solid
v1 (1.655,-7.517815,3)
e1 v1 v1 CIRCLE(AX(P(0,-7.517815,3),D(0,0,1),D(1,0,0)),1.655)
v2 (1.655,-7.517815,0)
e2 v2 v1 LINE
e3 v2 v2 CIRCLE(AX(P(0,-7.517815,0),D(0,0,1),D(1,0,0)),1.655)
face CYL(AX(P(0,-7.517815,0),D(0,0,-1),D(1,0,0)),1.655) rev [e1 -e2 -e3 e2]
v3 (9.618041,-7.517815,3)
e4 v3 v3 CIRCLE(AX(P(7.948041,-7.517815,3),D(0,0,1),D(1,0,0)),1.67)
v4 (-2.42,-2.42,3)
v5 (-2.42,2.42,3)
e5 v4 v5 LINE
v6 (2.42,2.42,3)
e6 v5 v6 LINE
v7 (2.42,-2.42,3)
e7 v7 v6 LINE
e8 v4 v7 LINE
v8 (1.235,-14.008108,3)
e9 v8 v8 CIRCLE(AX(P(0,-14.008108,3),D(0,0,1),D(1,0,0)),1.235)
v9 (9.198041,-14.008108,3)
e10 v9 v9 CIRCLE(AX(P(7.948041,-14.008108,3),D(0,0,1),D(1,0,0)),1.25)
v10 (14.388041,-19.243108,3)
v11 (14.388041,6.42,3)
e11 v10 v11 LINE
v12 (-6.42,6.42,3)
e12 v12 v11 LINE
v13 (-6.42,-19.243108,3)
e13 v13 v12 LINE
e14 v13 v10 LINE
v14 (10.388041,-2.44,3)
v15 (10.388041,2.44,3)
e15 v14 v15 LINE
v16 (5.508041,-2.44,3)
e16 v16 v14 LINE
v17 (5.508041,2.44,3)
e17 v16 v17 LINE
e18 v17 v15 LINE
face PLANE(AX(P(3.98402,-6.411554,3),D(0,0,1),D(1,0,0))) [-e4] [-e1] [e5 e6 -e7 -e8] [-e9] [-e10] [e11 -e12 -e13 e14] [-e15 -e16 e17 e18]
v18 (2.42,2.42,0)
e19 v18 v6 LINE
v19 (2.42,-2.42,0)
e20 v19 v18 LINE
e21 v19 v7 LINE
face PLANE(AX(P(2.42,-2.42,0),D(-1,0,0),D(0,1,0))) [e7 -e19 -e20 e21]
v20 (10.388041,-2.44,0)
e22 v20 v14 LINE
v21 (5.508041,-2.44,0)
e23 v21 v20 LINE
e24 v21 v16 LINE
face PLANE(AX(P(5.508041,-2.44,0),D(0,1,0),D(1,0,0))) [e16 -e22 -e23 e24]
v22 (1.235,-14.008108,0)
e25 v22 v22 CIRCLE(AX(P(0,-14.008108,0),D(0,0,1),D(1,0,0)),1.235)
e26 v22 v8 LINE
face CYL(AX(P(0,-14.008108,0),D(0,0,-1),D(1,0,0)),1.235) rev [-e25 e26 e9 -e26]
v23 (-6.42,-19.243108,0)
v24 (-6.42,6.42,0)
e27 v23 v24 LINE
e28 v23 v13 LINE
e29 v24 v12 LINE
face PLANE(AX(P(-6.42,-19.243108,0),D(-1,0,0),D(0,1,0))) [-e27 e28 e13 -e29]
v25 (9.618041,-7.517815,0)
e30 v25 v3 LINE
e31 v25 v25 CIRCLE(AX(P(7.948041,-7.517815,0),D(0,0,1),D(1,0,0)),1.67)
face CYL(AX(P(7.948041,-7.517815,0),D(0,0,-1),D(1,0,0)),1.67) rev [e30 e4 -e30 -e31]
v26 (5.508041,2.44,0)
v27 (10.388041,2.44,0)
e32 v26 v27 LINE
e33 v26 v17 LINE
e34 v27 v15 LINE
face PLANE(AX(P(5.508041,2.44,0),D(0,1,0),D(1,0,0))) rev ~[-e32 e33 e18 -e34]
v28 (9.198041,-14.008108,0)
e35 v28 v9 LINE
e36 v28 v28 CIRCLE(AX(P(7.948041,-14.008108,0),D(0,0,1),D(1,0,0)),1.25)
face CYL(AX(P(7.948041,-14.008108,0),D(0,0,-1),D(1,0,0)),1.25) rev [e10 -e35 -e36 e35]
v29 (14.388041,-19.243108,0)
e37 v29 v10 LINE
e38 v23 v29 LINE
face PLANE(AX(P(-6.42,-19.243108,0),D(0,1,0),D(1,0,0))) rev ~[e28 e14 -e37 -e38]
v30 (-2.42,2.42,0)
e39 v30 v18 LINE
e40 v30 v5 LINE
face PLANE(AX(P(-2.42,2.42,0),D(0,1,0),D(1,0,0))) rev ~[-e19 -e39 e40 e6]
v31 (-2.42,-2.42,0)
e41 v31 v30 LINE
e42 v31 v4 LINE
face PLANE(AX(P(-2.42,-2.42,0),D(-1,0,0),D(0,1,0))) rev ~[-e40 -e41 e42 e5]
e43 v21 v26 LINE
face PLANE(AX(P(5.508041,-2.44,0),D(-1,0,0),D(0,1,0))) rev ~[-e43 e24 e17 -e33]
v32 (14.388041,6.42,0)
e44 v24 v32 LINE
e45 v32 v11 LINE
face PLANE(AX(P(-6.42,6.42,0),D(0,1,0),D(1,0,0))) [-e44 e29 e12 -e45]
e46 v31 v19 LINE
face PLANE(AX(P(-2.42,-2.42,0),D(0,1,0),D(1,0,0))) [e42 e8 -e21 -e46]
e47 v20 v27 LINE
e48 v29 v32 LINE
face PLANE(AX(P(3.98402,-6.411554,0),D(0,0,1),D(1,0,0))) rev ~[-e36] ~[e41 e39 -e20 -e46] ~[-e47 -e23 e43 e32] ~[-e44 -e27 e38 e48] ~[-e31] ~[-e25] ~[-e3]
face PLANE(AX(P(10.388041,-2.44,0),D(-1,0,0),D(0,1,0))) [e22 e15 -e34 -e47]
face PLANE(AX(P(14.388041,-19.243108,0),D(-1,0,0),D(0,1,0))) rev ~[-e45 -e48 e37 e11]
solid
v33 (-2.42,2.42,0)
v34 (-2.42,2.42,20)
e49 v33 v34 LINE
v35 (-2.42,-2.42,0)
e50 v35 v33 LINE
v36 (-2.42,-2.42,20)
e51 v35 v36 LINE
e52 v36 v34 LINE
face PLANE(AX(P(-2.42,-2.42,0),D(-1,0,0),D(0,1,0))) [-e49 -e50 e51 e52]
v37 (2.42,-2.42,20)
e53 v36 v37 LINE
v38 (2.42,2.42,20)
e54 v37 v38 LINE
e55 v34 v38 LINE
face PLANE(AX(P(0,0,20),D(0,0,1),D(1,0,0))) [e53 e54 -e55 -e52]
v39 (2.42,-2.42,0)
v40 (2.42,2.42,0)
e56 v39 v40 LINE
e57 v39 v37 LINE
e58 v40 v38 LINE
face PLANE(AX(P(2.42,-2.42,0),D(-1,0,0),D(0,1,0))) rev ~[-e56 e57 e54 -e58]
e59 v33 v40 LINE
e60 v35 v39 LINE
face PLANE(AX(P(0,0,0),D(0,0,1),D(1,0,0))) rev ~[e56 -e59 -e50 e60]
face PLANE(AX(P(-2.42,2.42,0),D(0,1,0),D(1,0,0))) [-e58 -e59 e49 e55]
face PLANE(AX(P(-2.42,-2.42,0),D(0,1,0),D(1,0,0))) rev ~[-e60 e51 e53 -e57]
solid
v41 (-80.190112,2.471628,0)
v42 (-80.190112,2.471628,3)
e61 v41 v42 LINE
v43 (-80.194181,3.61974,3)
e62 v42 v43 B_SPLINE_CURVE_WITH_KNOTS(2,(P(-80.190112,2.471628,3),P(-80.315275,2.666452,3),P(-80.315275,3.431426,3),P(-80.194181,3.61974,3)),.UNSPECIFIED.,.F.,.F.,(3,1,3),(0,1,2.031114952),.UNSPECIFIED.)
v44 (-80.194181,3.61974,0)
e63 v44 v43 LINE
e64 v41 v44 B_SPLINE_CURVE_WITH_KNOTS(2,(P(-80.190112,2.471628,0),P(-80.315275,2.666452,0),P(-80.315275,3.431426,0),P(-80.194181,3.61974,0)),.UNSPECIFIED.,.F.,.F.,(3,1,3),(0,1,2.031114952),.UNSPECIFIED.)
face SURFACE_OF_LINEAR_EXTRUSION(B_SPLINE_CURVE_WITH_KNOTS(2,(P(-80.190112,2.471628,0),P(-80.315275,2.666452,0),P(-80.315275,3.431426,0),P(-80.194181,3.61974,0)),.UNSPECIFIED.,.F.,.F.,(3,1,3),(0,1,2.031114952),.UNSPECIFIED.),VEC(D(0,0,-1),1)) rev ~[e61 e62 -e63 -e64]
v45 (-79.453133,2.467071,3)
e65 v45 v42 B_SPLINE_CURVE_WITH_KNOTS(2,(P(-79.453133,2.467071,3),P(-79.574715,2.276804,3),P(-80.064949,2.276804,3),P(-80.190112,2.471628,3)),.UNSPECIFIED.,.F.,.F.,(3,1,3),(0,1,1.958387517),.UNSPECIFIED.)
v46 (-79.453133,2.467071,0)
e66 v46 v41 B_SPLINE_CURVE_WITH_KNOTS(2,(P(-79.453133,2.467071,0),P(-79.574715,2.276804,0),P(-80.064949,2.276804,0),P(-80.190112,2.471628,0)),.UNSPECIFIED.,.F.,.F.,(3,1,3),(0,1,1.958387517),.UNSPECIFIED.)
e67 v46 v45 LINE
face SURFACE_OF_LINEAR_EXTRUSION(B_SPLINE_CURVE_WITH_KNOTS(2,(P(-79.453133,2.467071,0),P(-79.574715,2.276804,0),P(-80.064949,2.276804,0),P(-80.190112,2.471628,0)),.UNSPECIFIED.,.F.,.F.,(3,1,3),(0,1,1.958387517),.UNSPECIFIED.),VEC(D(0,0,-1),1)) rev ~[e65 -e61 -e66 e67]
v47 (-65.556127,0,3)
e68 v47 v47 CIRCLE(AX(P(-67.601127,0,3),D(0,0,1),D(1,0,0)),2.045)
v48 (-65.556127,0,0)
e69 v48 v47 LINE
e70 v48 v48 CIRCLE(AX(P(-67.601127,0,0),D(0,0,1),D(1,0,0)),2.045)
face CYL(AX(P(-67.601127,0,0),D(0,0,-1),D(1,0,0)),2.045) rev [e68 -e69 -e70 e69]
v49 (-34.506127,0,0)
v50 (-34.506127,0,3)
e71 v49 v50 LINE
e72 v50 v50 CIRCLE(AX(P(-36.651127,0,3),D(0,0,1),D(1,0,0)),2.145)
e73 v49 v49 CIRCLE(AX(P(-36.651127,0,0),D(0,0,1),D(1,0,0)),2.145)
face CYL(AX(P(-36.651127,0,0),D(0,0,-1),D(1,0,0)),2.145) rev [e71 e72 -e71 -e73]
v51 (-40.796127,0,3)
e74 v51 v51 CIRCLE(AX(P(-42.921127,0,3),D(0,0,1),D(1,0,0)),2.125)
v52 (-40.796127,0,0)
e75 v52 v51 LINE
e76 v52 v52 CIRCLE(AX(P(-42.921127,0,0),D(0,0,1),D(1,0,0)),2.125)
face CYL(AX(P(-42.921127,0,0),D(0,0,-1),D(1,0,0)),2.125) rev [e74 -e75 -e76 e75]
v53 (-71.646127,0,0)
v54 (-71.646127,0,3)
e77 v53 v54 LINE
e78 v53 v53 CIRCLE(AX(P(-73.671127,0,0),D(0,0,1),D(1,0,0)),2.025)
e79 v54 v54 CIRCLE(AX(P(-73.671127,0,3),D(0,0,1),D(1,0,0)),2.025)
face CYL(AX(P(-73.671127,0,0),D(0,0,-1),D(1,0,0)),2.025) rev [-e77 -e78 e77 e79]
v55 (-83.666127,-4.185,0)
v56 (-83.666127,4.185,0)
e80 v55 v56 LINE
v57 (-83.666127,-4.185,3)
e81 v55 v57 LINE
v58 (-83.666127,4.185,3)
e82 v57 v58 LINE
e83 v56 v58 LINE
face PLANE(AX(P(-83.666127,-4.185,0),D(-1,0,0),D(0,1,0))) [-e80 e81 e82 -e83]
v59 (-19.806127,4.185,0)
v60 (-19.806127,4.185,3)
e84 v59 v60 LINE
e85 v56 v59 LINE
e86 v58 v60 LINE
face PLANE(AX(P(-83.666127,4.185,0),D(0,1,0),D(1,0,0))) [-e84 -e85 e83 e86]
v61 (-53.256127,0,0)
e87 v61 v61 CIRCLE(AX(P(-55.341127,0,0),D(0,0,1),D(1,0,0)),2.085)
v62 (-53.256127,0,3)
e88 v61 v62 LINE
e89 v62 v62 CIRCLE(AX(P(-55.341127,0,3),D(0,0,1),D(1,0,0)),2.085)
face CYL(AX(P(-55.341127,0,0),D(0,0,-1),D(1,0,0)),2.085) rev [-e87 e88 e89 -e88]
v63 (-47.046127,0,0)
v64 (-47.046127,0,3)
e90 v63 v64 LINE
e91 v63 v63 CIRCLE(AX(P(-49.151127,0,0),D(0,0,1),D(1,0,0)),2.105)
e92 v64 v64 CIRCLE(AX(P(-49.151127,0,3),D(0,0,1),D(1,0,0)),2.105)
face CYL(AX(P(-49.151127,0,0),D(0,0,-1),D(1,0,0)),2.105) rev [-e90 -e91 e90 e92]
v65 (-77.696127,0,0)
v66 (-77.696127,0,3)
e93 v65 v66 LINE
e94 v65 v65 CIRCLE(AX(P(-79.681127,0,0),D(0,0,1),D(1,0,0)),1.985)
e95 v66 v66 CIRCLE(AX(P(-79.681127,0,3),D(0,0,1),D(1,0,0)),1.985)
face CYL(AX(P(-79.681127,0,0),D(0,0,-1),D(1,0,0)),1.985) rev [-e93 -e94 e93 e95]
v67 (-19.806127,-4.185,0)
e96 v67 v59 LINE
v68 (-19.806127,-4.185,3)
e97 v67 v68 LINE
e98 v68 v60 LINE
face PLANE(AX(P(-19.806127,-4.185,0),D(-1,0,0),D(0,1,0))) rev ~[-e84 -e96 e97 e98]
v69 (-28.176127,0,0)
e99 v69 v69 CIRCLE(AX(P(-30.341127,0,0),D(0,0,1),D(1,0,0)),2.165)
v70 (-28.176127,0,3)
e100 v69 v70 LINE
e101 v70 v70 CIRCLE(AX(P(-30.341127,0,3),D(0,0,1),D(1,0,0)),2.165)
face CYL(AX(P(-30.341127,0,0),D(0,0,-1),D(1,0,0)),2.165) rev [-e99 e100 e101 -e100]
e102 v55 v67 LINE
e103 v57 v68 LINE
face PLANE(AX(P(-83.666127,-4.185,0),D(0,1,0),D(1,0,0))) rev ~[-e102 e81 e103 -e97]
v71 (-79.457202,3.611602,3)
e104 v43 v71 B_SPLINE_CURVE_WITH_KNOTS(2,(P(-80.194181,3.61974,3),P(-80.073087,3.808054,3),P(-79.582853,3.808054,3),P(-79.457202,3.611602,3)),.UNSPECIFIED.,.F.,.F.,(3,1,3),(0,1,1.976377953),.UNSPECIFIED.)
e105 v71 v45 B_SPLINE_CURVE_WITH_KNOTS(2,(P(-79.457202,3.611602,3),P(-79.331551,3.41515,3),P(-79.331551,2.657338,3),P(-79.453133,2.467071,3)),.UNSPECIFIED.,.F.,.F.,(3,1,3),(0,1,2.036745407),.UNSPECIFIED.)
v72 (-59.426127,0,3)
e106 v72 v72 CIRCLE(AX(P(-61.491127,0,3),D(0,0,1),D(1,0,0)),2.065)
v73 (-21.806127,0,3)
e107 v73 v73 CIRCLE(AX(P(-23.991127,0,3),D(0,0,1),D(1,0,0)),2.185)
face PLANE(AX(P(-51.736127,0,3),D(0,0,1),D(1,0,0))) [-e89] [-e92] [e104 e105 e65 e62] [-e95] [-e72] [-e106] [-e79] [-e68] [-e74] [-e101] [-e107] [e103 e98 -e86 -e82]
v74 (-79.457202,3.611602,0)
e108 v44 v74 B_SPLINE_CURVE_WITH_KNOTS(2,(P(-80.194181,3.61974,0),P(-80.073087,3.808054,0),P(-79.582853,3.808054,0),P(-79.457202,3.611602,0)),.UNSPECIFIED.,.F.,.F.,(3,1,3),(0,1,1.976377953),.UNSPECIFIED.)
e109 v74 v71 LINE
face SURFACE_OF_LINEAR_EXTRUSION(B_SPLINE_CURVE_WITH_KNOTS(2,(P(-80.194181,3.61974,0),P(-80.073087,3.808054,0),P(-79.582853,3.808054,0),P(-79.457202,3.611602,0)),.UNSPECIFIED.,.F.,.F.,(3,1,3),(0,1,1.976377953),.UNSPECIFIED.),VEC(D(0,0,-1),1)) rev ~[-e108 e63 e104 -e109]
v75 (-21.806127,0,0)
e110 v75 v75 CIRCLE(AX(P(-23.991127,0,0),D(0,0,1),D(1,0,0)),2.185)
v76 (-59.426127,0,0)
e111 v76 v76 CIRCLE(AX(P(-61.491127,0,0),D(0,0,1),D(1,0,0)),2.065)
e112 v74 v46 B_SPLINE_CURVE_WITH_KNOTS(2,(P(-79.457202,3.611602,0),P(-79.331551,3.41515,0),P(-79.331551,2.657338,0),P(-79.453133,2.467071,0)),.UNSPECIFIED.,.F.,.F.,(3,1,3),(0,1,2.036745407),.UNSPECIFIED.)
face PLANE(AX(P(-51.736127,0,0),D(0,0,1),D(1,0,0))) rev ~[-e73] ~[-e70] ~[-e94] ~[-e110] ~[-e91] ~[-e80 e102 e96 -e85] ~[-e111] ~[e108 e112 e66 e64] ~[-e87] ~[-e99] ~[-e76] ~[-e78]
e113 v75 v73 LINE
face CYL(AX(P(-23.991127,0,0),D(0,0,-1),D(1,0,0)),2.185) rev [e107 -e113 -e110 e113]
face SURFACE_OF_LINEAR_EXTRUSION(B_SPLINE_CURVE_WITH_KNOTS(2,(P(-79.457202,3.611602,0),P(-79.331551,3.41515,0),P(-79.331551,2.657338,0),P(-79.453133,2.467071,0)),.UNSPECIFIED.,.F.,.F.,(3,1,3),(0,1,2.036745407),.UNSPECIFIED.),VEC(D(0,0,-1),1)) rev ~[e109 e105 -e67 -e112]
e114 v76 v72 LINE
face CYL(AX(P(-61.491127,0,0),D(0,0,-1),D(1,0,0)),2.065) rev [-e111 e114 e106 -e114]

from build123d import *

# Parameters (mm, degrees)
F0_W     = 63.86
F0_H     = 8.37
F0_R     = 1.985
F0_R_2   = 2.025
F0_R_3   = 2.045
F0_R_4   = 2.065
F0_R_5   = 2.085
F0_R_6   = 2.105
F0_R_7   = 2.125
F0_R_8   = 2.145
F0_R_9   = 2.165
F0_R_10  = 2.185
F1_DEPTH = 3
F2_W     = 20.8080409622
F2_H     = 25.6631081086
F2_R     = 1.235
F2_R_2   = 1.655
F2_R_3   = 1.25
F2_R_4   = 1.67
F2_W_2   = 4.84
F2_H_2   = 4.84
F2_W_3   = 4.88
F2_H_3   = 4.88
F3_DEPTH = 3
F4_DEPTH = 20


with BuildPart() as f1:
    # F0 (on Top) → F1 (new body)
    with BuildSketch(Plane.XY):
        with Locations((-51.7361271751, 0)):
            Rectangle(F0_W, F0_H)
        with Locations((-79.6811271751, 0)):
            Circle(F0_R, mode=Mode.SUBTRACT)
        with Locations((-73.6711271751, 0)):
            Circle(F0_R_2, mode=Mode.SUBTRACT)
        with Locations((-67.6011271751, 0)):
            Circle(F0_R_3, mode=Mode.SUBTRACT)
        with Locations((-61.4911271751, 0)):
            Circle(F0_R_4, mode=Mode.SUBTRACT)
        with Locations((-55.3411271751, 0)):
            Circle(F0_R_5, mode=Mode.SUBTRACT)
        with BuildLine():
            add(Edge.make_bspline(
                [(-79.4572016597, 3.6116019332), (-79.331550618, 3.4151501103), (-79.331550618, 3.0430797978)],
                knots=[0, 0, 0, 1, 1, 1], degree=2))
            add(Edge.make_bspline(
                [(-79.331550618, 3.0430797978), (-79.331550618, 2.6573376103), (-79.4531326493, 2.4670706832)],
                knots=[0, 0, 0, 1, 1, 1], degree=2))
            add(Edge.make_bspline(
                [(-79.4531326493, 2.4670706832), (-79.5747146805, 2.2768037561), (-79.8250402013, 2.2768037561)],
                knots=[0, 0, 0, 1, 1, 1], degree=2))
            add(Edge.make_bspline(
                [(-79.8250402013, 2.2768037561), (-80.0649490555, 2.2768037561), (-80.1901118159, 2.4716279749)],
                knots=[0, 0, 0, 1, 1, 1], degree=2))
            add(Edge.make_bspline(
                [(-80.1901118159, 2.4716279749), (-80.3152745763, 2.6664521936), (-80.3152745763, 3.0430797978)],
                knots=[0, 0, 0, 1, 1, 1], degree=2))
            add(Edge.make_bspline(
                [(-80.3152745763, 3.0430797978), (-80.3152745763, 3.431426152), (-80.1941808263, 3.619739954)],
                knots=[0, 0, 0, 1, 1, 1], degree=2))
            add(Edge.make_bspline(
                [(-80.1941808263, 3.619739954), (-80.0730870763, 3.8080537561), (-79.8250402013, 3.8080537561)],
                knots=[0, 0, 0, 1, 1, 1], degree=2))
            add(Edge.make_bspline(
                [(-79.8250402013, 3.8080537561), (-79.5828527013, 3.8080537561), (-79.4572016597, 3.6116019332)],
                knots=[0, 0, 0, 1, 1, 1], degree=2))
        make_face(mode=Mode.SUBTRACT)
        with Locations((-49.1511271751, 0)):
            Circle(F0_R_6, mode=Mode.SUBTRACT)
        with Locations((-42.9211271751, 0)):
            Circle(F0_R_7, mode=Mode.SUBTRACT)
        with Locations((-36.6511271751, 0)):
            Circle(F0_R_8, mode=Mode.SUBTRACT)
        with Locations((-30.3411271751, 0)):
            Circle(F0_R_9, mode=Mode.SUBTRACT)
        with Locations((-23.9911271751, 0)):
            Circle(F0_R_10, mode=Mode.SUBTRACT)
    extrude(amount=F1_DEPTH)


with BuildPart() as f3:
    # F2 (on Top) → F3 (new body)
    with BuildSketch(Plane.XY):
        with Locations((3.9840204811, -6.4115540543)):
            Rectangle(F2_W, F2_H)
        with Locations((0, -14.0081081086)):
            Circle(F2_R, mode=Mode.SUBTRACT)
        with Locations((0, -7.5178151019)):
            Circle(F2_R_2, mode=Mode.SUBTRACT)
        with Locations((7.9480409622, -14.0081081086)):
            Circle(F2_R_3, mode=Mode.SUBTRACT)
        with Locations((7.9480409622, -7.5178151019)):
            Circle(F2_R_4, mode=Mode.SUBTRACT)
        Rectangle(F2_W_2, F2_H_2, mode=Mode.SUBTRACT)
        with Locations((7.9480409622, 0)):
            Rectangle(F2_W_3, F2_H_3, mode=Mode.SUBTRACT)
    extrude(amount=F3_DEPTH)


with BuildPart() as f4:
    # F2 (on Top) → F4 (new body)
    with BuildSketch(Plane.XY):
        Rectangle(F2_W_2, F2_H_2)
    extrude(amount=F4_DEPTH)


solid = Compound([f1.part, f3.part, f4.part])
